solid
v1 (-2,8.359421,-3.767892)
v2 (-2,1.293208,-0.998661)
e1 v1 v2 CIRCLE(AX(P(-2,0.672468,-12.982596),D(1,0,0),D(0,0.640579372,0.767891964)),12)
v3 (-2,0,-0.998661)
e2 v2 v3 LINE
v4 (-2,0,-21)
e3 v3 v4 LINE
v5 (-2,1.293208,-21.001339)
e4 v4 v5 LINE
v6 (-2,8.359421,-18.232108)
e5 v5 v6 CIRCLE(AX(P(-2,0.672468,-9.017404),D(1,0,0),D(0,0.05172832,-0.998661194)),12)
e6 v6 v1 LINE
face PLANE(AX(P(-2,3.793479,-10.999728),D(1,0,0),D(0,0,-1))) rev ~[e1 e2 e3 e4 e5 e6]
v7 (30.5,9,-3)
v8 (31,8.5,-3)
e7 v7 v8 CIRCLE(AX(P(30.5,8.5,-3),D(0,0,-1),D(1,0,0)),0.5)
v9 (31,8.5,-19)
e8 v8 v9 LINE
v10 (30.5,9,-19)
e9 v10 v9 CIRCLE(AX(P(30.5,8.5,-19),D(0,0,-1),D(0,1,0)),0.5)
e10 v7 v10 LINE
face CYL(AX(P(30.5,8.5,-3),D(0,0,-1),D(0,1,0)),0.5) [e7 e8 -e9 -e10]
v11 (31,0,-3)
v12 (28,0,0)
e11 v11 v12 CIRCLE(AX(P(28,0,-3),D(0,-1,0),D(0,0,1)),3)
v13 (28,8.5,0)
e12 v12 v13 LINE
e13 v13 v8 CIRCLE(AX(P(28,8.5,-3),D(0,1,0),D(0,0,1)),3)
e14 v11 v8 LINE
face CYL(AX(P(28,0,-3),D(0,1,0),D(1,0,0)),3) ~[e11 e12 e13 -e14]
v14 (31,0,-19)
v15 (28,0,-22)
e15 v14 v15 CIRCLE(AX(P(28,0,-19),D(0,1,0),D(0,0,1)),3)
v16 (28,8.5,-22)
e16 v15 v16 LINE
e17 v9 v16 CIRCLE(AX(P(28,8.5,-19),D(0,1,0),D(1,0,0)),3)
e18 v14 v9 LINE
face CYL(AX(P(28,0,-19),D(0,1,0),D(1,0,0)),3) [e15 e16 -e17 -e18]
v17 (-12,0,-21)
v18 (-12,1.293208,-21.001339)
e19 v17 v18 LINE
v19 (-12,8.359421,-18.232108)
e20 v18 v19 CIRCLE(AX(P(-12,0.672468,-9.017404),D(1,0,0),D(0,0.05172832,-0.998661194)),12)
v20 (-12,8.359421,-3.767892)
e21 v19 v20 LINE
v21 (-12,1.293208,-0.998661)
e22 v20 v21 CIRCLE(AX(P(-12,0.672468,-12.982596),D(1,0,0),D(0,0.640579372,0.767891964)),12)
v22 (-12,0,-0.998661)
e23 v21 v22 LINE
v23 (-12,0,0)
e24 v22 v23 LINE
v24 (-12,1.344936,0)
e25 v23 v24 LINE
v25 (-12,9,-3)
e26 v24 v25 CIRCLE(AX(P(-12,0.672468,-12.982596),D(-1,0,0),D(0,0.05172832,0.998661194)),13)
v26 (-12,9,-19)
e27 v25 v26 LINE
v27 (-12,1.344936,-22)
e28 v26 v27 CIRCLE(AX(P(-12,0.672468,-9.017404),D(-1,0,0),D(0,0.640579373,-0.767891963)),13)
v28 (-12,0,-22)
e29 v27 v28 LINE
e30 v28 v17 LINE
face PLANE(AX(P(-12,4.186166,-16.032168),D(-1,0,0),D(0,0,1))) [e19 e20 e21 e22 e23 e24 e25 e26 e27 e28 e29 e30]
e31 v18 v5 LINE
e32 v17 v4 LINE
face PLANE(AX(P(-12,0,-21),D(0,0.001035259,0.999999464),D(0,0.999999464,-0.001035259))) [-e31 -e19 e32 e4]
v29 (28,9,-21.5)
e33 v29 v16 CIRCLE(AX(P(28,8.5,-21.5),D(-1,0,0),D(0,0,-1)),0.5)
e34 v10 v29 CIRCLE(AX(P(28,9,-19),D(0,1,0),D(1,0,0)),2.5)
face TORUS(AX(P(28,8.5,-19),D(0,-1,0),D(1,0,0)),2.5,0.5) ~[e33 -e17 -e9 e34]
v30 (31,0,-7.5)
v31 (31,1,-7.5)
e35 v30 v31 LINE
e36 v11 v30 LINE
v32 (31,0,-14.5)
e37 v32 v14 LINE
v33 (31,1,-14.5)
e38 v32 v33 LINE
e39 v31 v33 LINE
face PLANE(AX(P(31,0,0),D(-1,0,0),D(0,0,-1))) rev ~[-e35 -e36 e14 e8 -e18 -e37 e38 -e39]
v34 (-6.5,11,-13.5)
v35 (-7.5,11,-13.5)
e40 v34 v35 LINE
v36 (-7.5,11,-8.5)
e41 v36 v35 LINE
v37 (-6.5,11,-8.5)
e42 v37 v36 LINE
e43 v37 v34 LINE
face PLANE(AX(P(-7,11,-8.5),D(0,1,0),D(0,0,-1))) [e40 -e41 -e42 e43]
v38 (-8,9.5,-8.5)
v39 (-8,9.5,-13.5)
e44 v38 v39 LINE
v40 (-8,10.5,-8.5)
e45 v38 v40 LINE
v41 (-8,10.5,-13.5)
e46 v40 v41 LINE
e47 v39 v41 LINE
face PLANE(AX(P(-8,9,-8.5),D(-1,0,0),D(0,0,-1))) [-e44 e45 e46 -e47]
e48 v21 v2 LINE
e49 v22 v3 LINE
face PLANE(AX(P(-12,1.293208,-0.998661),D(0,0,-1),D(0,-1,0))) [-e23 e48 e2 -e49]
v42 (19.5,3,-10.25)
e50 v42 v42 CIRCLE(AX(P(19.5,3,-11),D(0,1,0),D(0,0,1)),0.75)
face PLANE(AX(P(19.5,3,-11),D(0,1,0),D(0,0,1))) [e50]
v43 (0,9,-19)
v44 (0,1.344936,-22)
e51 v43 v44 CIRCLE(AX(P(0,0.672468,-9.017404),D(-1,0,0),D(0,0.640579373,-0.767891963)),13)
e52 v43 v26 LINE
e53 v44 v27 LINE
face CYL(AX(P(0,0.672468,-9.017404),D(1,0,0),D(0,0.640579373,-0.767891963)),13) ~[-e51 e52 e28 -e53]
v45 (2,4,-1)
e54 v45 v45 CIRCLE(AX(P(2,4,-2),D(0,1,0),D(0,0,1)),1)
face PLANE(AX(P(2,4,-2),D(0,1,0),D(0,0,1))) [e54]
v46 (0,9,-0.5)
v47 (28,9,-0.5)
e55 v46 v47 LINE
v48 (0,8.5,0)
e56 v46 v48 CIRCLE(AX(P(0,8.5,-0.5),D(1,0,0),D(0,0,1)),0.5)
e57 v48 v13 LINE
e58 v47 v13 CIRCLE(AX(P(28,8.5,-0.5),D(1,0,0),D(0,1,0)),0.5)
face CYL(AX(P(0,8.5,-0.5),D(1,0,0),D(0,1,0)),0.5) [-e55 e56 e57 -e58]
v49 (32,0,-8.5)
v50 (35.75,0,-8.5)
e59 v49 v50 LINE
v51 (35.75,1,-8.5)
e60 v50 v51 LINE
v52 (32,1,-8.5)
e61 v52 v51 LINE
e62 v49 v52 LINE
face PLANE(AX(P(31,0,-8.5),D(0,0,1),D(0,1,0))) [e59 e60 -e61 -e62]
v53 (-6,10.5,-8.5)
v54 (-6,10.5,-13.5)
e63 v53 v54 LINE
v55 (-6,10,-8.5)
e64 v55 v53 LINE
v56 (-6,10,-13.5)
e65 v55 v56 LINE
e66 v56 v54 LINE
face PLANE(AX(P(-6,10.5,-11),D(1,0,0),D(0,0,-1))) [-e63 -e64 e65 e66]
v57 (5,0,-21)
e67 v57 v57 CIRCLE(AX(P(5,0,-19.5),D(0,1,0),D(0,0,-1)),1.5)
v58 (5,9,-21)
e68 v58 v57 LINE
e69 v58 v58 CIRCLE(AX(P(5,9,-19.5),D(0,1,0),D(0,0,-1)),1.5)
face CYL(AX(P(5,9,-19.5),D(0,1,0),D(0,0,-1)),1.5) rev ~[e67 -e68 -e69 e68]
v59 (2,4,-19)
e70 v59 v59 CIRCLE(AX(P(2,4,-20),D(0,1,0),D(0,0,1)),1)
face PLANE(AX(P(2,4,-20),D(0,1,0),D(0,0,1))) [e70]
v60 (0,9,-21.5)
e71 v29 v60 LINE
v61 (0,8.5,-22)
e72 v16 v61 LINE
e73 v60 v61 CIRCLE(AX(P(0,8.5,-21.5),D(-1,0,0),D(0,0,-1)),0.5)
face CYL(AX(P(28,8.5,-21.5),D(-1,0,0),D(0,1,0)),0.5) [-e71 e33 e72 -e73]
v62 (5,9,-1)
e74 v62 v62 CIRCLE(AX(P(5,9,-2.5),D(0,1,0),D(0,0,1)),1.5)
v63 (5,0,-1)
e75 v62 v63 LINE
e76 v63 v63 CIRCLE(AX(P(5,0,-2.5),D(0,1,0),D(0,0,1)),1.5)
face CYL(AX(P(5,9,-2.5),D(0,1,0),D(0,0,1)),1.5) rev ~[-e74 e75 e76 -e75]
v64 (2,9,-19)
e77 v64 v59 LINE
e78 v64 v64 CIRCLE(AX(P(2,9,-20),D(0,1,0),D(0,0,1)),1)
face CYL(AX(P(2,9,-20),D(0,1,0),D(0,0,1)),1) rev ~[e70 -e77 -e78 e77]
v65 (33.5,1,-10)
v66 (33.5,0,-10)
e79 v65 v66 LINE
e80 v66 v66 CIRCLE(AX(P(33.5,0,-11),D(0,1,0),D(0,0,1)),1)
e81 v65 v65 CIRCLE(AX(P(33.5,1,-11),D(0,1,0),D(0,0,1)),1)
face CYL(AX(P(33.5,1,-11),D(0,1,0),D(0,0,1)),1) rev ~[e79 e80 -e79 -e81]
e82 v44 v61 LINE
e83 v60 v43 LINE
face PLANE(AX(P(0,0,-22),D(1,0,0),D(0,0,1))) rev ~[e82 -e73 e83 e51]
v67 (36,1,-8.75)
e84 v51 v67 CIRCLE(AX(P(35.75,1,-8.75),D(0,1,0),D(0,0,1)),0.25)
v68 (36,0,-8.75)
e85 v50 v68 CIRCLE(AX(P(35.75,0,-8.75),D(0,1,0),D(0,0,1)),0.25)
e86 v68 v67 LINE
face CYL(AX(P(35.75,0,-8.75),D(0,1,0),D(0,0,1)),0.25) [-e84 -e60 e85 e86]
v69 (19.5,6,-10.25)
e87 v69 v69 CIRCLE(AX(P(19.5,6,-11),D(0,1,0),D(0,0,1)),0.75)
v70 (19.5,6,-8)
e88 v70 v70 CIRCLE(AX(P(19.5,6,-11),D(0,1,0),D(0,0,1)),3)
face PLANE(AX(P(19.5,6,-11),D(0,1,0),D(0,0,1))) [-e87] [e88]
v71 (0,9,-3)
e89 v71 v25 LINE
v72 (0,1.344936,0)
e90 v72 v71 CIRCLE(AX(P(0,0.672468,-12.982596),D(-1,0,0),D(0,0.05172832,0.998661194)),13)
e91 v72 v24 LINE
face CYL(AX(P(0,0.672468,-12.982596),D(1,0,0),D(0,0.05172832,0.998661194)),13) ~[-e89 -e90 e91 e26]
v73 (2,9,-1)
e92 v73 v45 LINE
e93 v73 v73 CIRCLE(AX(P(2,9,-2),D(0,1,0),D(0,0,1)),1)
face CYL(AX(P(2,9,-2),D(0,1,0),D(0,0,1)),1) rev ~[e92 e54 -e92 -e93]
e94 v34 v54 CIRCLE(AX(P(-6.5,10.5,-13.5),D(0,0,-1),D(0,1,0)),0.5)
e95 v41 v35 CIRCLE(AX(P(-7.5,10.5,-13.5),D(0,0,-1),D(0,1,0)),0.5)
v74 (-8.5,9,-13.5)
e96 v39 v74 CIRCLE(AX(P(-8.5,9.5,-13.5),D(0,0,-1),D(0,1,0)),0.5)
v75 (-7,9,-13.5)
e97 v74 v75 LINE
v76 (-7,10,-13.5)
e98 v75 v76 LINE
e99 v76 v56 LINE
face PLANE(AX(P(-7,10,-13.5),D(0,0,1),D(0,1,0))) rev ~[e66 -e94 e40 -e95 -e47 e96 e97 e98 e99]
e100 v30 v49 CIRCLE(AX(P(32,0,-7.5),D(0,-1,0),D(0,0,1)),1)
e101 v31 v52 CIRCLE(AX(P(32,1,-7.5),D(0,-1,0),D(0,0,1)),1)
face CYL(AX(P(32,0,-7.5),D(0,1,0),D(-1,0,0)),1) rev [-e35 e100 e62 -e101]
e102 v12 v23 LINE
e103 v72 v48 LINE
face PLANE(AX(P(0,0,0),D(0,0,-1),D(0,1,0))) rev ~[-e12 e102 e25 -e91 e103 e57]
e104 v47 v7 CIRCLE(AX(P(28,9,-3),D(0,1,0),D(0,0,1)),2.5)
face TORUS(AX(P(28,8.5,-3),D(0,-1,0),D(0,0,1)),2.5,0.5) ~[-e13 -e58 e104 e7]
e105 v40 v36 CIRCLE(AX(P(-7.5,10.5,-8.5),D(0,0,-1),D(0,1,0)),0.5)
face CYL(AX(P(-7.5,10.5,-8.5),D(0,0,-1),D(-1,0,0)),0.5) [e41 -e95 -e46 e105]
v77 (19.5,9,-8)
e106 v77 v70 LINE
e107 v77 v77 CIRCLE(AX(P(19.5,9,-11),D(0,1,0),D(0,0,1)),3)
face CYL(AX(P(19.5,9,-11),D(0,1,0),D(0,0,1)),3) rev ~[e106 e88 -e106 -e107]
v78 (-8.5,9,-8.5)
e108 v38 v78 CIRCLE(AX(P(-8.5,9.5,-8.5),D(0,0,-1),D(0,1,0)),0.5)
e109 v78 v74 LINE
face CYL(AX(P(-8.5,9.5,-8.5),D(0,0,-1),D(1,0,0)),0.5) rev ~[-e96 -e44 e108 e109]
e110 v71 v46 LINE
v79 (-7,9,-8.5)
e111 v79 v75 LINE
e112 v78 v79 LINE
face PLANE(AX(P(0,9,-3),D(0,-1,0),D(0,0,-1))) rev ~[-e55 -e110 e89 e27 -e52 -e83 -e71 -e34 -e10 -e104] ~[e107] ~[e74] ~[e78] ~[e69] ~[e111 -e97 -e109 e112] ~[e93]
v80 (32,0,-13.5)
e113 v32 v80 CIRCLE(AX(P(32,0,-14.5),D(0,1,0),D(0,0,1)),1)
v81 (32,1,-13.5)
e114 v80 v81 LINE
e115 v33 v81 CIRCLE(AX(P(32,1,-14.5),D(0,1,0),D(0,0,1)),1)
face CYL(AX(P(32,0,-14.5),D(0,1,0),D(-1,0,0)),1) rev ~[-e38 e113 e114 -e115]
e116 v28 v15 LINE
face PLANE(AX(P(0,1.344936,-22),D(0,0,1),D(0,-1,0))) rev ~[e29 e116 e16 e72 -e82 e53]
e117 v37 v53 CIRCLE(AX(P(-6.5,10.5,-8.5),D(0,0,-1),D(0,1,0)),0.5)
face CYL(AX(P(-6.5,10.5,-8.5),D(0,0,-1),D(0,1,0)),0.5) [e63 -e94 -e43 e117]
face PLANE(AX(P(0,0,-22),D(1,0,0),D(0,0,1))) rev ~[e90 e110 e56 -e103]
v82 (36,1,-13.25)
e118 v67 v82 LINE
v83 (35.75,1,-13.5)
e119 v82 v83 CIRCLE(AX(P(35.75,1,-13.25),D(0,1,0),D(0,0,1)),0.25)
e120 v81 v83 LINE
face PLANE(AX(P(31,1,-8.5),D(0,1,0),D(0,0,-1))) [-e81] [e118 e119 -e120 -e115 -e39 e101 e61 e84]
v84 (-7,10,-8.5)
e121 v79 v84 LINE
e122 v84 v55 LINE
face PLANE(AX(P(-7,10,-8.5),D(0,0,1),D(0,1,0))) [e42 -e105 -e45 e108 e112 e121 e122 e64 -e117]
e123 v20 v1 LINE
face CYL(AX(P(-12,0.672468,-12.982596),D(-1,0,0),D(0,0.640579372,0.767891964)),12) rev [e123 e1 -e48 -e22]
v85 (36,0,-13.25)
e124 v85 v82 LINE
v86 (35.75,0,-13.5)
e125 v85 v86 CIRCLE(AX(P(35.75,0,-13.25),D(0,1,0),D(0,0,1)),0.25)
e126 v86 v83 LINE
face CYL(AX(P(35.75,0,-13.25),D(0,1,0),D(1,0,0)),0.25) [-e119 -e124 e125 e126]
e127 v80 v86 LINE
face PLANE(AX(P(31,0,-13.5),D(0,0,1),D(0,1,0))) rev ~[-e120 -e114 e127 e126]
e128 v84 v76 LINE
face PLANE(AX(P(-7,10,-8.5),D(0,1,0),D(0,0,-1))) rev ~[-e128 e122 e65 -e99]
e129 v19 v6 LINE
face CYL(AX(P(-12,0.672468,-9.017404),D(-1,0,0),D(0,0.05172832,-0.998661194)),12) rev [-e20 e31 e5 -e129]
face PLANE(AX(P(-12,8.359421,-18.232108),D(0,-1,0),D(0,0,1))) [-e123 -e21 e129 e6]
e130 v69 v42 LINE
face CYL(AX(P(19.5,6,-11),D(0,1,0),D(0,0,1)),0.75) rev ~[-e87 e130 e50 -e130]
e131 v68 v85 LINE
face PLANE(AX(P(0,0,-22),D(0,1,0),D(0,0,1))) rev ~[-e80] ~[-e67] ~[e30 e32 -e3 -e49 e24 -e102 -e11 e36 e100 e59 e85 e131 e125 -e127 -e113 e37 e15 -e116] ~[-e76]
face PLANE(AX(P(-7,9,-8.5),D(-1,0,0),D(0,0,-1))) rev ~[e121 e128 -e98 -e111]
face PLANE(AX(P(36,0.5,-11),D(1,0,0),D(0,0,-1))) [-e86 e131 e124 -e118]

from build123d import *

# Parameters (mm, degrees)
BOSS_EXTRUDE2_DEPTH = 9
SKETCH4_W           = 5
SKETCH4_H           = 1
BOSS_EXTRUDE3_DEPTH = 5
SKETCH5_R           = 1
CUT_EXTRUDE1_DEPTH  = 5
FILLET1_R           = 1
FILLET2_R           = 1
FILLET3_R           = 3
FILLET4_R           = 3
BOSS_EXTRUDE4_DEPTH = 12
FILLET5_R           = 0.5
FILLET6_R           = 0.25
SKETCH8_R           = 3
CUT_EXTRUDE3_DEPTH  = 3
SKETCH9_R           = 0.75
CUT_EXTRUDE4_DEPTH  = 3
SKETCH10_R          = 1.5
CUT_EXTRUDE7_DEPTH  = 44.13930922
SKETCH12_R          = 1
CUT_EXTRUDE8_DEPTH  = 5
SKETCH13_W          = 1
SKETCH13_H          = 5
BOSS_EXTRUDE5_DEPTH = 2
SKETCH14_W          = 5
SKETCH14_H          = 1
BOSS_EXTRUDE6_DEPTH = 1
FILLET7_R           = 0.5
FILLET8_R           = 0.5
FILLET9_R           = 0.5
CUT_EXTRUDE9_DEPTH  = 10


with BuildPart() as part:
    # Sketch2 → Boss-Extrude2 (new body)
    with BuildSketch(Plane(origin=(0, 0, 0), x_dir=(1, 0, 0), z_dir=(0, 1, 0))):
        Polygon((0, 11), (31, 11), (31, 13.5), (31, 22), (0, 22), align=None)
        Polygon((31, 8.5), (31, 11), (0, 11), (0, 0), (31, 0), align=None)
    extrude(amount=BOSS_EXTRUDE2_DEPTH)

    # Sketch4 → Boss-Extrude3 (add)
    with BuildSketch(Plane(origin=(31, 0, 0), x_dir=(0, 0, -1), z_dir=(1, 0, 0))):
        with Locations((11, 0.5)):
            Rectangle(SKETCH4_W, SKETCH4_H)
    extrude(amount=BOSS_EXTRUDE3_DEPTH)

    # Sketch5 → Cut-Extrude1 (cut)
    with BuildSketch(Plane(origin=(0, 1, 0), x_dir=(1, 0, 0), z_dir=(0, 1, 0))):
        with Locations(Location((33.5, 11, 0), (0, 0, 270))):
            Circle(SKETCH5_R)
    extrude(amount=-CUT_EXTRUDE1_DEPTH, mode=Mode.SUBTRACT)

    # Fillet1
    fillet1_edges = [part.edges().sort_by_distance(p)[0] for p in [
        (31, 0.5, -8.5),
    ]]
    fillet(fillet1_edges, radius=FILLET1_R)

    # Fillet2
    fillet2_edges = [part.edges().sort_by_distance(p)[0] for p in [
        (31, 0.5, -13.5),
    ]]
    fillet(fillet2_edges, radius=FILLET2_R)

    # Fillet3
    fillet3_edges = [part.edges().sort_by_distance(p)[0] for p in [
        (31, 4.5, 0),
    ]]
    fillet(fillet3_edges, radius=FILLET3_R)

    # Fillet4
    fillet4_edges = [part.edges().sort_by_distance(p)[0] for p in [
        (31, 4.5, -22),
    ]]
    fillet(fillet4_edges, radius=FILLET4_R)

    # Sketch6 → Boss-Extrude4 (add)
    with BuildSketch(Plane.ZY):
        with BuildLine():
            Line((-22, 0), (-11, 0))
            Line((-11, 0), (-11, 9))
            Line((-11, 9), (-19, 9))
            ThreePointArc((-19, 9), (-21.121122912, 5.415884648), (-22, 1.344936316))
            Line((-22, 1.344936316), (-22, 0))
        make_face()
        with BuildLine():
            Line((-11, 9), (-11, 0))
            Line((-11, 0), (0, 0))
            Line((0, 0), (0, 1.344936316))
            ThreePointArc((0, 1.344936316), (-0.878877088, 5.415884648), (-3, 9))
            Line((-3, 9), (-11, 9))
        make_face()
    extrude(amount=BOSS_EXTRUDE4_DEPTH)

    # Fillet5
    fillet5_edges = [part.edges().sort_by_distance(p)[0] for p in [
        (14, 9, -22),
        (30.121320344, 9, -21.121320344),
        (31, 9, -11),
        (30.121320344, 9, -0.878679656),
        (14, 9, 0),
    ]]
    fillet(fillet5_edges, radius=FILLET5_R)

    # Fillet6
    fillet6_edges = [part.edges().sort_by_distance(p)[0] for p in [
        (36, 0.5, -13.5),
        (36, 0.5, -8.5),
    ]]
    fillet(fillet6_edges, radius=FILLET6_R)

    # Sketch8 → Cut-Extrude3 (cut)
    with BuildSketch(Plane(origin=(0, 9, 0), x_dir=(1, 0, 0), z_dir=(0, 1, 0))):
        with Locations(Location((19.5, 11, 0), (0, 0, 270))):
            Circle(SKETCH8_R)
    extrude(amount=-CUT_EXTRUDE3_DEPTH, mode=Mode.SUBTRACT)

    # Sketch9 → Cut-Extrude4 (cut)
    with BuildSketch(Plane(origin=(0, 6, 0), x_dir=(1, 0, 0), z_dir=(0, 1, 0))):
        with Locations(Location((19.5, 11, 0), (0, 0, 270))):
            Circle(SKETCH9_R)
    extrude(amount=-CUT_EXTRUDE4_DEPTH, mode=Mode.SUBTRACT)

    # Sketch10 → Cut-Extrude7 (cut, through all)
    with BuildSketch(Plane(origin=(0, 9, 0), x_dir=(1, 0, 0), z_dir=(0, 1, 0))):
        with Locations(Location((5, 19.5, 0), (0, 0, 90))):
            Circle(SKETCH10_R)
        with Locations(Location((5, 2.5, 0), (0, 0, 270))):
            Circle(SKETCH10_R)
    extrude(amount=-CUT_EXTRUDE7_DEPTH, mode=Mode.SUBTRACT)

    # Sketch12 → Cut-Extrude8 (cut)
    with BuildSketch(Plane(origin=(0, 9, 0), x_dir=(1, 0, 0), z_dir=(0, 1, 0))):
        with Locations(Location((2, 2, 0), (0, 0, 270))):
            Circle(SKETCH12_R)
        with Locations(Location((2, 20, 0), (0, 0, 270))):
            Circle(SKETCH12_R)
    extrude(amount=-CUT_EXTRUDE8_DEPTH, mode=Mode.SUBTRACT)

    # Sketch13 → Boss-Extrude5 (add)
    with BuildSketch(Plane(origin=(0, 9, 0), x_dir=(1, 0, 0), z_dir=(0, 1, 0))):
        with Locations((-7.5, 11)):
            Rectangle(SKETCH13_W, SKETCH13_H)
    extrude(amount=BOSS_EXTRUDE5_DEPTH)

    # Sketch14 → Boss-Extrude6 (add)
    with BuildSketch(Plane(origin=(-7, 0, 0), x_dir=(0, 0, -1), z_dir=(1, 0, 0))):
        with Locations((11, 10.5)):
            Rectangle(SKETCH14_W, SKETCH14_H)
    extrude(amount=BOSS_EXTRUDE6_DEPTH)

    # Fillet7
    fillet7_edges = [part.edges().sort_by_distance(p)[0] for p in [
        (-8, 11, -11),
    ]]
    fillet(fillet7_edges, radius=FILLET7_R)

    # Fillet8
    fillet8_edges = [part.edges().sort_by_distance(p)[0] for p in [
        (-8, 9, -11),
    ]]
    fillet(fillet8_edges, radius=FILLET8_R)

    # Fillet9
    fillet9_edges = [part.edges().sort_by_distance(p)[0] for p in [
        (-6, 11, -11),
    ]]
    fillet(fillet9_edges, radius=FILLET9_R)

    # Sketch16 → Cut-Extrude9 (cut)
    with BuildSketch(Plane.ZY.offset(12)):
        with BuildLine():
            Line((-18.232108037, 8.359420628), (-3.767891963, 8.359420628))
            ThreePointArc((-3.767891963, 8.359420628), (-1.809932353, 5.051006457), (-0.998661194, 1.293207997))
            Line((-0.998661194, 1.293207997), (-0.998661194, 0))
            Line((-0.998661194, 0), (-21, 0))
            Line((-21, 0), (-21.001338806, 1.293207997))
            ThreePointArc((-21.001338806, 1.293207997), (-20.190067647, 5.051006457), (-18.232108037, 8.359420628))
        make_face()
    extrude(amount=-CUT_EXTRUDE9_DEPTH, mode=Mode.SUBTRACT)


solid = part.part
